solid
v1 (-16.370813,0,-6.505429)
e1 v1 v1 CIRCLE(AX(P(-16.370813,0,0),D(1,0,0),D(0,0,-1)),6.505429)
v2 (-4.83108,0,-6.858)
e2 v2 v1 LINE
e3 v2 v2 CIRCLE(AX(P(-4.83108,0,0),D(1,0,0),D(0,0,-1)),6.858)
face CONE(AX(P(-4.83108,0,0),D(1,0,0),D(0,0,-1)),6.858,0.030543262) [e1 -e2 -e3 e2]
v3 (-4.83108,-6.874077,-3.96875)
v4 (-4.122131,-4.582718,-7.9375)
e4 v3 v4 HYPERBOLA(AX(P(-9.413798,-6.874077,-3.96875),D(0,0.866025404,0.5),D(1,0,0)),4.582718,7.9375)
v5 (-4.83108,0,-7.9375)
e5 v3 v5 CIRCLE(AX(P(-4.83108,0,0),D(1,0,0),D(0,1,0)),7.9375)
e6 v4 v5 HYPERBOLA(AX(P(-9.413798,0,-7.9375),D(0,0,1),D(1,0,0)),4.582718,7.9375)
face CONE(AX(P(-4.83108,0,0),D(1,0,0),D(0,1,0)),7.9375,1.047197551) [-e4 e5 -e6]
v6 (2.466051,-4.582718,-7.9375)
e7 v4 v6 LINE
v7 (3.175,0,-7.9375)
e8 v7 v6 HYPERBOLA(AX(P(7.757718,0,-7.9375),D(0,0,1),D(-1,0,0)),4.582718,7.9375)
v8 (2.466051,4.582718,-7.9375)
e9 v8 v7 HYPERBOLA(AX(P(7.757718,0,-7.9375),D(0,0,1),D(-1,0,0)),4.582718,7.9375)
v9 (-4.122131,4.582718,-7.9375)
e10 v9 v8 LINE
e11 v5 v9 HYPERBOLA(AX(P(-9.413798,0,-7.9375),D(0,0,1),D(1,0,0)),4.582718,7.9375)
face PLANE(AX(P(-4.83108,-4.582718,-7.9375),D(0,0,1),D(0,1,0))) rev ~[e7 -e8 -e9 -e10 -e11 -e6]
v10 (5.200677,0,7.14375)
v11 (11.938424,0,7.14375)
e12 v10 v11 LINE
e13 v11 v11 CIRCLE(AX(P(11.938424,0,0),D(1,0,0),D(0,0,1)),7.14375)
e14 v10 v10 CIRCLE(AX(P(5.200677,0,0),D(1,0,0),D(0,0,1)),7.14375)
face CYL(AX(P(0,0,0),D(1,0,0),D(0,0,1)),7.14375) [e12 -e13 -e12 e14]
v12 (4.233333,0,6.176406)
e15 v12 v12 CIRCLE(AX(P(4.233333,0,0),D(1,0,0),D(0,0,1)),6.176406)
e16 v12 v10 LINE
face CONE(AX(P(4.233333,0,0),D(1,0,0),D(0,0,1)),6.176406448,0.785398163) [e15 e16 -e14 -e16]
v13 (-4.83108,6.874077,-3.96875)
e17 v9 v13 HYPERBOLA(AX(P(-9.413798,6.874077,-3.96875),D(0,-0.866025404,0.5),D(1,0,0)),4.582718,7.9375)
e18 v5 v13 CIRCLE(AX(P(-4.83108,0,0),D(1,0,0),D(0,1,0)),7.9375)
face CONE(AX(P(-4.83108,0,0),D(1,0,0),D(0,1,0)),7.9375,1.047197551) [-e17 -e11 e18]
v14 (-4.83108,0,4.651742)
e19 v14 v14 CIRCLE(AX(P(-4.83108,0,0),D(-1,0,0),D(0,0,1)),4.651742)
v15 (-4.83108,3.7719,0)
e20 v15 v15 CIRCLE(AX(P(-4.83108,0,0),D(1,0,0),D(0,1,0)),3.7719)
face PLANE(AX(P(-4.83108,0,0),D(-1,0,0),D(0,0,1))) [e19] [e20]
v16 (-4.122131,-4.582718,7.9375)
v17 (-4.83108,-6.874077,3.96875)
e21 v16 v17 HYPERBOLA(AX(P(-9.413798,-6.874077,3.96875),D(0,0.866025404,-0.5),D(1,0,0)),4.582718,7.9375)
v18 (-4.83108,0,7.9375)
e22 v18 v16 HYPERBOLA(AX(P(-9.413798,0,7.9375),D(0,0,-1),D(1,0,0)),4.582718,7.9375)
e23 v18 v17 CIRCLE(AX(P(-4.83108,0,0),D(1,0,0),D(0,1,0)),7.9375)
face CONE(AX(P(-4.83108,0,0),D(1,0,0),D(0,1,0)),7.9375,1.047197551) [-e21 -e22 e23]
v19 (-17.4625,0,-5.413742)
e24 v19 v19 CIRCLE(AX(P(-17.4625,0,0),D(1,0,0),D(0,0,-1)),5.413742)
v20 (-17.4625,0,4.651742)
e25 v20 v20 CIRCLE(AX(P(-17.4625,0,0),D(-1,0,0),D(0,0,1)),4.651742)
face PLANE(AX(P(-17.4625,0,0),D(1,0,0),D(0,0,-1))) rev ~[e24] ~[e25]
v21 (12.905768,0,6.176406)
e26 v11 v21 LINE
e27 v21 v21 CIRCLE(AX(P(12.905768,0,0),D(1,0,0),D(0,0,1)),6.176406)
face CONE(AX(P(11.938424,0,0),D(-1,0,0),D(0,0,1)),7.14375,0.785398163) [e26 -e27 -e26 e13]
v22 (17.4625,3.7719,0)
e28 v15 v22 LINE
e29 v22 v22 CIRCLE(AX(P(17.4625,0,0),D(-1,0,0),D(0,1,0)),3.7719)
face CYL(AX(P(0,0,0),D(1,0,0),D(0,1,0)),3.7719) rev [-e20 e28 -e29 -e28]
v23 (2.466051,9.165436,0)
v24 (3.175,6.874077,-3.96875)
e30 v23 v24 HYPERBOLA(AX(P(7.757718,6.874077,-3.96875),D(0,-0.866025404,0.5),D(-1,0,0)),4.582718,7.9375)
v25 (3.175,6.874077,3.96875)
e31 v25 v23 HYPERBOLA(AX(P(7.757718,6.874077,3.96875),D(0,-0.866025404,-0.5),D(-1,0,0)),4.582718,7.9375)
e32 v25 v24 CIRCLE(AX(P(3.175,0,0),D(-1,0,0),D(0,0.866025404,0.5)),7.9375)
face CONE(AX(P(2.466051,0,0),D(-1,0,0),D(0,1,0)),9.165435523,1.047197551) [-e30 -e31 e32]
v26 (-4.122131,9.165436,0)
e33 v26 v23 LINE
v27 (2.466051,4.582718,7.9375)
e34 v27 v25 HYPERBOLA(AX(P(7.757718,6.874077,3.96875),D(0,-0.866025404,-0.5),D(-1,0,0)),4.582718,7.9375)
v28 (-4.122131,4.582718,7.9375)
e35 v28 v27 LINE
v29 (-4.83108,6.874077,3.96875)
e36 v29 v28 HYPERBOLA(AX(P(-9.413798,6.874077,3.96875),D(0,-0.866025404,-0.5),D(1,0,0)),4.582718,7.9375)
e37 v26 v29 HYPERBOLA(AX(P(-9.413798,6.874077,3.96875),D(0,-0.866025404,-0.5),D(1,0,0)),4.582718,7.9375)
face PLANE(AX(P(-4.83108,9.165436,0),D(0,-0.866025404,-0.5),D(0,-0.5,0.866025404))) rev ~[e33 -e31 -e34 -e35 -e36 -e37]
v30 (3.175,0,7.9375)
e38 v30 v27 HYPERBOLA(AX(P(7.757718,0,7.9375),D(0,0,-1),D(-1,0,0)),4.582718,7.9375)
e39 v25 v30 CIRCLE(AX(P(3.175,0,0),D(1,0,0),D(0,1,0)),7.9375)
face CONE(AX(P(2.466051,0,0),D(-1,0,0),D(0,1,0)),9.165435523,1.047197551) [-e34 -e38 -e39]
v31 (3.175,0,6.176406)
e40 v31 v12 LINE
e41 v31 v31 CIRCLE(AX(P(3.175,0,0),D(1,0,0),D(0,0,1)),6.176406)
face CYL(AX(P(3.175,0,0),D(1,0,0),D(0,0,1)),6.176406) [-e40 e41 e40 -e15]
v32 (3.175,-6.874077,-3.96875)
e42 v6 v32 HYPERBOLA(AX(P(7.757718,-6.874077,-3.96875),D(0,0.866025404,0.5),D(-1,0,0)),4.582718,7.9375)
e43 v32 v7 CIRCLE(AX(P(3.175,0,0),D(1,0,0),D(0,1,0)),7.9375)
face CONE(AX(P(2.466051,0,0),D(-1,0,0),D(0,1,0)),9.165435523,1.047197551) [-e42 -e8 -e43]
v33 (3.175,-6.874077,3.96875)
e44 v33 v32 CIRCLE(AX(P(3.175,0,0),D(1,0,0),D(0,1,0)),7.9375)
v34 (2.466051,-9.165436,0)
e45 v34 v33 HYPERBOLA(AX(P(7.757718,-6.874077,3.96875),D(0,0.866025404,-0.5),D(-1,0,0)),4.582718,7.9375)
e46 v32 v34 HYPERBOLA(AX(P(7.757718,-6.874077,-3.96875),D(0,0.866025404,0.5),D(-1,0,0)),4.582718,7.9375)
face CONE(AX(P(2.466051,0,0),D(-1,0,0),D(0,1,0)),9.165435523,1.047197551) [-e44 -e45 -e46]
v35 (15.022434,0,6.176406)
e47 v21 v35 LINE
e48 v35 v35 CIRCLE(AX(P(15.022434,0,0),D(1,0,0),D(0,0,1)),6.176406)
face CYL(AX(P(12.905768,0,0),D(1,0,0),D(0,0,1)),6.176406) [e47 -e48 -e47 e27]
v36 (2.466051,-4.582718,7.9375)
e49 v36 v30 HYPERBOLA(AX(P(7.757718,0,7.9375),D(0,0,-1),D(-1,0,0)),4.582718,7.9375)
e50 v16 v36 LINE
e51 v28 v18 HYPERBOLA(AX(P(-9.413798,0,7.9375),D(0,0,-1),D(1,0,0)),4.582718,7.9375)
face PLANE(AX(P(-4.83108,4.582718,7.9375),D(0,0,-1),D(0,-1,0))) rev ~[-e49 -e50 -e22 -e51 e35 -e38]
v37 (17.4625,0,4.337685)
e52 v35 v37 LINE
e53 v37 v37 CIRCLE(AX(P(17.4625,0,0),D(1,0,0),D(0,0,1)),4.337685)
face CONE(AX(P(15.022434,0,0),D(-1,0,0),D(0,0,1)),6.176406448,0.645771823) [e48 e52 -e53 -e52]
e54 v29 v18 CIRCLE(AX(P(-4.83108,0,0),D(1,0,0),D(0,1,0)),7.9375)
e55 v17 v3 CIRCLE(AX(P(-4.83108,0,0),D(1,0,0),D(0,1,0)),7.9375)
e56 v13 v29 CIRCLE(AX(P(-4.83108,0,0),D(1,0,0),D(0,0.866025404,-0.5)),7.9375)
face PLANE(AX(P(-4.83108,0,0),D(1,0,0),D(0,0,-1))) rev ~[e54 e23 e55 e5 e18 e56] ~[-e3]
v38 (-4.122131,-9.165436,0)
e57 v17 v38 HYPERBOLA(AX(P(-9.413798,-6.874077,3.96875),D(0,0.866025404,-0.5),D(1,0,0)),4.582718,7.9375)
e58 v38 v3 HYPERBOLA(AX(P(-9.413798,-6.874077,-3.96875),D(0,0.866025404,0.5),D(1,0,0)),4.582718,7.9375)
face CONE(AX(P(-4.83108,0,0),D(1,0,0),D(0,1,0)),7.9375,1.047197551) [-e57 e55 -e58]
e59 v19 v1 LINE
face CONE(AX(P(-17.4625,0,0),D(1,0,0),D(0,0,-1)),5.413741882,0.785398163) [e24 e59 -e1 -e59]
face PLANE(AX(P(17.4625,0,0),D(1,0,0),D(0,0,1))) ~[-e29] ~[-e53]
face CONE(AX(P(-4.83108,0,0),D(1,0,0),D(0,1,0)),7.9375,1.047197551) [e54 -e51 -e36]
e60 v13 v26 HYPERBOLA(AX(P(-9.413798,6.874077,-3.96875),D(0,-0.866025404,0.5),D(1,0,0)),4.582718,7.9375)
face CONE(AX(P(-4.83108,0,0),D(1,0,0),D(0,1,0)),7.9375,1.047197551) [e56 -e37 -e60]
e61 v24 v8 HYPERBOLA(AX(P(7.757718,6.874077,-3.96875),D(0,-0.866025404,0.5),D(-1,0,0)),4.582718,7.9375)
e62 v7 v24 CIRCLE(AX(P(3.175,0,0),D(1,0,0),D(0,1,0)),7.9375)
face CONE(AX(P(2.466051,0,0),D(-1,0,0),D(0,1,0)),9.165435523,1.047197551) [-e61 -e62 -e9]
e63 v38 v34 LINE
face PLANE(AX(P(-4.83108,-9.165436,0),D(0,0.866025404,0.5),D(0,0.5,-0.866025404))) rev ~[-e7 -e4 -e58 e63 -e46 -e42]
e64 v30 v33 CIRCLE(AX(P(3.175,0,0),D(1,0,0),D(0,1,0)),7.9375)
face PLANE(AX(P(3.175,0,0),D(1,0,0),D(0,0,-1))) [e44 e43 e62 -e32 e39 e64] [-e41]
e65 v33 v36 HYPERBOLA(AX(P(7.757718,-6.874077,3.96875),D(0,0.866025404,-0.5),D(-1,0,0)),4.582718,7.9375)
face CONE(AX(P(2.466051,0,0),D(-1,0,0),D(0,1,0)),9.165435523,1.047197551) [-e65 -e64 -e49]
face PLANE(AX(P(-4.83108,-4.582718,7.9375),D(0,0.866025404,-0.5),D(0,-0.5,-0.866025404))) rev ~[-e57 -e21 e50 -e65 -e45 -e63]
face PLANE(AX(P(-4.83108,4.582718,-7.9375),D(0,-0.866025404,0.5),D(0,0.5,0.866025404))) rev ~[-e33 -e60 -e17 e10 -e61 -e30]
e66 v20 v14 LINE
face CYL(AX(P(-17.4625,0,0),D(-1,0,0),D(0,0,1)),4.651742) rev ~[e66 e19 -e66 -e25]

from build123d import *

# Parameters (mm, degrees)
SKETCH6_W           = 34.925
SKETCH6_H           = 7.14375
EXTRUDE1_DEPTH      = 8.00608
SKETCH7_W           = 34.925
SKETCH7_H           = 3.7719
SKETCH17_R          = 7.14375
CUT_EXTRUDE1_DEPTH  = 12.63142
SKETCH19_R          = 6.858
BOSS_EXTRUDE1_DEPTH = 12.63142
BOSS_EXTRUDE1_DRAFT = -1.75
CHAMFER1_SIZE       = 1.058333333
CHAMFER1_SIZE2      = 1.092196811
SKETCH22_R          = 6.858
BOSS_EXTRUDE3_DEPTH = 12.63142
BOSS_EXTRUDE3_DRAFT = -15
SKETCH23_R          = 4.651741881
CUT_EXTRUDE2_DEPTH  = 12.63142


with BuildPart() as part:
    # Sketch6 → Revolve3 (revolve)
    with BuildSketch(Plane.XY, mode=Mode.PRIVATE) as revolve3_sk:
        with Locations((0, 3.571875)):
            Rectangle(SKETCH6_W, SKETCH6_H)
    revolve(revolve3_sk.sketch.rotate(Axis((-17.4625, 0, 0), (1, 0, 0)), 90), axis=Axis((-17.4625, 0, 0), (1, 0, 0)))

    # Sketch12 → Extrude1 (add)
    with BuildSketch(Plane(origin=(-4.83108, 0, 0), x_dir=(0, 0, -1), z_dir=(1, 0, 0))):
        Polygon((0, 9.165435523), (-7.9375, 4.582717762), (-7.9375, -4.582717762), (0, -9.165435523), (7.9375, -4.582717762), (7.9375, 4.582717762), align=None)
    extrude(amount=EXTRUDE1_DEPTH)

    # Sketch10 → Cut-Revolve6 (revolve, cut)
    with BuildSketch(Plane.XY, mode=Mode.PRIVATE) as cut_revolve6_sk:
        Polygon((5.200676886, 7.14375), (3.175, 7.14375), (3.175, 6.176406448), (4.233333333, 6.176406448), align=None)
        Polygon((17.4625, 7.14375), (11.938424005, 7.14375), (12.905767558, 6.176406448), (15.022434224, 6.176406448), (17.4625, 4.337685), align=None)
    revolve(cut_revolve6_sk.sketch.rotate(Axis((-17.4625, 0, 0), (1, 0, 0)), 90), axis=Axis((-17.4625, 0, 0), (1, 0, 0)), mode=Mode.SUBTRACT)

    # Sketch7 → Cut-Revolve5 (revolve, cut)
    with BuildSketch(Plane.XY):
        with Locations((0, 1.88595)):
            Rectangle(SKETCH7_W, SKETCH7_H)
    revolve(axis=Axis((17.4625, 0, 0), (-1, 0, 0)), mode=Mode.SUBTRACT)

    # Sketch13 → Cut-Revolve7 (revolve, cut)
    with BuildSketch(Plane.XY):
        Polygon((-4.83108, 9.165435523), (-4.83108, 7.9375), (-4.122131095, 9.165435523), align=None)
        Polygon((2.466051095, 9.165435523), (3.175, 7.9375), (3.175, 9.165435523), align=None)
    revolve(axis=Axis((-17.4625, 0, 0), (1, 0, 0)), mode=Mode.SUBTRACT)

    # Sketch17 → Cut-Extrude1 (cut)
    with BuildSketch(Plane.ZY.offset(17.4625)):
        Circle(SKETCH17_R)
    extrude(amount=-CUT_EXTRUDE1_DEPTH, mode=Mode.SUBTRACT)


with BuildPart() as body_2:
    # Sketch19 → Boss-Extrude1 (with draft: the straight prism first)
    with BuildSketch(Plane(origin=(-4.83108, 0, 0), x_dir=(0, 0, -1), z_dir=(1, 0, 0))):
        Circle(SKETCH19_R)
    extrude(amount=-BOSS_EXTRUDE1_DEPTH)
    # Boss-Extrude1: the draft: its side faces are tilted about the plane it starts from
    boss_extrude1_sides = [body_2.faces().sort_by_distance(p)[0] for p in [
        (-11.14679, 0, 6.858),
    ]]
    draft(boss_extrude1_sides, Plane(origin=(-4.83108, 0, 0), x_dir=(0, 0, -1), z_dir=(1, 0, 0)), BOSS_EXTRUDE1_DRAFT)

    # Chamfer1
    chamfer1_edges = [body_2.edges().sort_by_distance(p)[0] for p in [
        (-17.4625, 0, 6.472075215),
    ]]
    chamfer1_side = [body_2.faces().sort_by_distance(p)[0] for p in [
        (-17.4625, 0, 0),
    ]]
    chamfer(chamfer1_edges, length=CHAMFER1_SIZE, length2=CHAMFER1_SIZE2, reference=chamfer1_side[0])


with BuildPart() as boss_extrude3_tool:
    # Sketch22 → Boss-Extrude3 (with draft: the straight prism first)
    with BuildSketch(Plane(origin=(-4.83108, 0, 0), x_dir=(0, 0, -1), z_dir=(1, 0, 0))):
        Circle(SKETCH22_R)
    extrude(amount=-BOSS_EXTRUDE3_DEPTH)
    # Boss-Extrude3: the draft: its side faces are tilted about the plane it starts from
    boss_extrude3_sides = [boss_extrude3_tool.faces().sort_by_distance(p)[0] for p in [
        (-11.14679, 0, 6.858),
    ]]
    draft(boss_extrude3_sides, Plane(origin=(-4.83108, 0, 0), x_dir=(0, 0, -1), z_dir=(1, 0, 0)), BOSS_EXTRUDE3_DRAFT)


with BuildPart() as body_2_1:
    add(body_2.part)

    # Boss-Extrude3: add boss_extrude3_tool
    add(boss_extrude3_tool.part)

    # Combine1: union part
    add(part.part)

    # Sketch23 → Cut-Extrude2 (cut)
    with BuildSketch(Plane.ZY.offset(17.4625)):
        Circle(SKETCH23_R)
    extrude(amount=-CUT_EXTRUDE2_DEPTH, mode=Mode.SUBTRACT)


solid = body_2_1.part
